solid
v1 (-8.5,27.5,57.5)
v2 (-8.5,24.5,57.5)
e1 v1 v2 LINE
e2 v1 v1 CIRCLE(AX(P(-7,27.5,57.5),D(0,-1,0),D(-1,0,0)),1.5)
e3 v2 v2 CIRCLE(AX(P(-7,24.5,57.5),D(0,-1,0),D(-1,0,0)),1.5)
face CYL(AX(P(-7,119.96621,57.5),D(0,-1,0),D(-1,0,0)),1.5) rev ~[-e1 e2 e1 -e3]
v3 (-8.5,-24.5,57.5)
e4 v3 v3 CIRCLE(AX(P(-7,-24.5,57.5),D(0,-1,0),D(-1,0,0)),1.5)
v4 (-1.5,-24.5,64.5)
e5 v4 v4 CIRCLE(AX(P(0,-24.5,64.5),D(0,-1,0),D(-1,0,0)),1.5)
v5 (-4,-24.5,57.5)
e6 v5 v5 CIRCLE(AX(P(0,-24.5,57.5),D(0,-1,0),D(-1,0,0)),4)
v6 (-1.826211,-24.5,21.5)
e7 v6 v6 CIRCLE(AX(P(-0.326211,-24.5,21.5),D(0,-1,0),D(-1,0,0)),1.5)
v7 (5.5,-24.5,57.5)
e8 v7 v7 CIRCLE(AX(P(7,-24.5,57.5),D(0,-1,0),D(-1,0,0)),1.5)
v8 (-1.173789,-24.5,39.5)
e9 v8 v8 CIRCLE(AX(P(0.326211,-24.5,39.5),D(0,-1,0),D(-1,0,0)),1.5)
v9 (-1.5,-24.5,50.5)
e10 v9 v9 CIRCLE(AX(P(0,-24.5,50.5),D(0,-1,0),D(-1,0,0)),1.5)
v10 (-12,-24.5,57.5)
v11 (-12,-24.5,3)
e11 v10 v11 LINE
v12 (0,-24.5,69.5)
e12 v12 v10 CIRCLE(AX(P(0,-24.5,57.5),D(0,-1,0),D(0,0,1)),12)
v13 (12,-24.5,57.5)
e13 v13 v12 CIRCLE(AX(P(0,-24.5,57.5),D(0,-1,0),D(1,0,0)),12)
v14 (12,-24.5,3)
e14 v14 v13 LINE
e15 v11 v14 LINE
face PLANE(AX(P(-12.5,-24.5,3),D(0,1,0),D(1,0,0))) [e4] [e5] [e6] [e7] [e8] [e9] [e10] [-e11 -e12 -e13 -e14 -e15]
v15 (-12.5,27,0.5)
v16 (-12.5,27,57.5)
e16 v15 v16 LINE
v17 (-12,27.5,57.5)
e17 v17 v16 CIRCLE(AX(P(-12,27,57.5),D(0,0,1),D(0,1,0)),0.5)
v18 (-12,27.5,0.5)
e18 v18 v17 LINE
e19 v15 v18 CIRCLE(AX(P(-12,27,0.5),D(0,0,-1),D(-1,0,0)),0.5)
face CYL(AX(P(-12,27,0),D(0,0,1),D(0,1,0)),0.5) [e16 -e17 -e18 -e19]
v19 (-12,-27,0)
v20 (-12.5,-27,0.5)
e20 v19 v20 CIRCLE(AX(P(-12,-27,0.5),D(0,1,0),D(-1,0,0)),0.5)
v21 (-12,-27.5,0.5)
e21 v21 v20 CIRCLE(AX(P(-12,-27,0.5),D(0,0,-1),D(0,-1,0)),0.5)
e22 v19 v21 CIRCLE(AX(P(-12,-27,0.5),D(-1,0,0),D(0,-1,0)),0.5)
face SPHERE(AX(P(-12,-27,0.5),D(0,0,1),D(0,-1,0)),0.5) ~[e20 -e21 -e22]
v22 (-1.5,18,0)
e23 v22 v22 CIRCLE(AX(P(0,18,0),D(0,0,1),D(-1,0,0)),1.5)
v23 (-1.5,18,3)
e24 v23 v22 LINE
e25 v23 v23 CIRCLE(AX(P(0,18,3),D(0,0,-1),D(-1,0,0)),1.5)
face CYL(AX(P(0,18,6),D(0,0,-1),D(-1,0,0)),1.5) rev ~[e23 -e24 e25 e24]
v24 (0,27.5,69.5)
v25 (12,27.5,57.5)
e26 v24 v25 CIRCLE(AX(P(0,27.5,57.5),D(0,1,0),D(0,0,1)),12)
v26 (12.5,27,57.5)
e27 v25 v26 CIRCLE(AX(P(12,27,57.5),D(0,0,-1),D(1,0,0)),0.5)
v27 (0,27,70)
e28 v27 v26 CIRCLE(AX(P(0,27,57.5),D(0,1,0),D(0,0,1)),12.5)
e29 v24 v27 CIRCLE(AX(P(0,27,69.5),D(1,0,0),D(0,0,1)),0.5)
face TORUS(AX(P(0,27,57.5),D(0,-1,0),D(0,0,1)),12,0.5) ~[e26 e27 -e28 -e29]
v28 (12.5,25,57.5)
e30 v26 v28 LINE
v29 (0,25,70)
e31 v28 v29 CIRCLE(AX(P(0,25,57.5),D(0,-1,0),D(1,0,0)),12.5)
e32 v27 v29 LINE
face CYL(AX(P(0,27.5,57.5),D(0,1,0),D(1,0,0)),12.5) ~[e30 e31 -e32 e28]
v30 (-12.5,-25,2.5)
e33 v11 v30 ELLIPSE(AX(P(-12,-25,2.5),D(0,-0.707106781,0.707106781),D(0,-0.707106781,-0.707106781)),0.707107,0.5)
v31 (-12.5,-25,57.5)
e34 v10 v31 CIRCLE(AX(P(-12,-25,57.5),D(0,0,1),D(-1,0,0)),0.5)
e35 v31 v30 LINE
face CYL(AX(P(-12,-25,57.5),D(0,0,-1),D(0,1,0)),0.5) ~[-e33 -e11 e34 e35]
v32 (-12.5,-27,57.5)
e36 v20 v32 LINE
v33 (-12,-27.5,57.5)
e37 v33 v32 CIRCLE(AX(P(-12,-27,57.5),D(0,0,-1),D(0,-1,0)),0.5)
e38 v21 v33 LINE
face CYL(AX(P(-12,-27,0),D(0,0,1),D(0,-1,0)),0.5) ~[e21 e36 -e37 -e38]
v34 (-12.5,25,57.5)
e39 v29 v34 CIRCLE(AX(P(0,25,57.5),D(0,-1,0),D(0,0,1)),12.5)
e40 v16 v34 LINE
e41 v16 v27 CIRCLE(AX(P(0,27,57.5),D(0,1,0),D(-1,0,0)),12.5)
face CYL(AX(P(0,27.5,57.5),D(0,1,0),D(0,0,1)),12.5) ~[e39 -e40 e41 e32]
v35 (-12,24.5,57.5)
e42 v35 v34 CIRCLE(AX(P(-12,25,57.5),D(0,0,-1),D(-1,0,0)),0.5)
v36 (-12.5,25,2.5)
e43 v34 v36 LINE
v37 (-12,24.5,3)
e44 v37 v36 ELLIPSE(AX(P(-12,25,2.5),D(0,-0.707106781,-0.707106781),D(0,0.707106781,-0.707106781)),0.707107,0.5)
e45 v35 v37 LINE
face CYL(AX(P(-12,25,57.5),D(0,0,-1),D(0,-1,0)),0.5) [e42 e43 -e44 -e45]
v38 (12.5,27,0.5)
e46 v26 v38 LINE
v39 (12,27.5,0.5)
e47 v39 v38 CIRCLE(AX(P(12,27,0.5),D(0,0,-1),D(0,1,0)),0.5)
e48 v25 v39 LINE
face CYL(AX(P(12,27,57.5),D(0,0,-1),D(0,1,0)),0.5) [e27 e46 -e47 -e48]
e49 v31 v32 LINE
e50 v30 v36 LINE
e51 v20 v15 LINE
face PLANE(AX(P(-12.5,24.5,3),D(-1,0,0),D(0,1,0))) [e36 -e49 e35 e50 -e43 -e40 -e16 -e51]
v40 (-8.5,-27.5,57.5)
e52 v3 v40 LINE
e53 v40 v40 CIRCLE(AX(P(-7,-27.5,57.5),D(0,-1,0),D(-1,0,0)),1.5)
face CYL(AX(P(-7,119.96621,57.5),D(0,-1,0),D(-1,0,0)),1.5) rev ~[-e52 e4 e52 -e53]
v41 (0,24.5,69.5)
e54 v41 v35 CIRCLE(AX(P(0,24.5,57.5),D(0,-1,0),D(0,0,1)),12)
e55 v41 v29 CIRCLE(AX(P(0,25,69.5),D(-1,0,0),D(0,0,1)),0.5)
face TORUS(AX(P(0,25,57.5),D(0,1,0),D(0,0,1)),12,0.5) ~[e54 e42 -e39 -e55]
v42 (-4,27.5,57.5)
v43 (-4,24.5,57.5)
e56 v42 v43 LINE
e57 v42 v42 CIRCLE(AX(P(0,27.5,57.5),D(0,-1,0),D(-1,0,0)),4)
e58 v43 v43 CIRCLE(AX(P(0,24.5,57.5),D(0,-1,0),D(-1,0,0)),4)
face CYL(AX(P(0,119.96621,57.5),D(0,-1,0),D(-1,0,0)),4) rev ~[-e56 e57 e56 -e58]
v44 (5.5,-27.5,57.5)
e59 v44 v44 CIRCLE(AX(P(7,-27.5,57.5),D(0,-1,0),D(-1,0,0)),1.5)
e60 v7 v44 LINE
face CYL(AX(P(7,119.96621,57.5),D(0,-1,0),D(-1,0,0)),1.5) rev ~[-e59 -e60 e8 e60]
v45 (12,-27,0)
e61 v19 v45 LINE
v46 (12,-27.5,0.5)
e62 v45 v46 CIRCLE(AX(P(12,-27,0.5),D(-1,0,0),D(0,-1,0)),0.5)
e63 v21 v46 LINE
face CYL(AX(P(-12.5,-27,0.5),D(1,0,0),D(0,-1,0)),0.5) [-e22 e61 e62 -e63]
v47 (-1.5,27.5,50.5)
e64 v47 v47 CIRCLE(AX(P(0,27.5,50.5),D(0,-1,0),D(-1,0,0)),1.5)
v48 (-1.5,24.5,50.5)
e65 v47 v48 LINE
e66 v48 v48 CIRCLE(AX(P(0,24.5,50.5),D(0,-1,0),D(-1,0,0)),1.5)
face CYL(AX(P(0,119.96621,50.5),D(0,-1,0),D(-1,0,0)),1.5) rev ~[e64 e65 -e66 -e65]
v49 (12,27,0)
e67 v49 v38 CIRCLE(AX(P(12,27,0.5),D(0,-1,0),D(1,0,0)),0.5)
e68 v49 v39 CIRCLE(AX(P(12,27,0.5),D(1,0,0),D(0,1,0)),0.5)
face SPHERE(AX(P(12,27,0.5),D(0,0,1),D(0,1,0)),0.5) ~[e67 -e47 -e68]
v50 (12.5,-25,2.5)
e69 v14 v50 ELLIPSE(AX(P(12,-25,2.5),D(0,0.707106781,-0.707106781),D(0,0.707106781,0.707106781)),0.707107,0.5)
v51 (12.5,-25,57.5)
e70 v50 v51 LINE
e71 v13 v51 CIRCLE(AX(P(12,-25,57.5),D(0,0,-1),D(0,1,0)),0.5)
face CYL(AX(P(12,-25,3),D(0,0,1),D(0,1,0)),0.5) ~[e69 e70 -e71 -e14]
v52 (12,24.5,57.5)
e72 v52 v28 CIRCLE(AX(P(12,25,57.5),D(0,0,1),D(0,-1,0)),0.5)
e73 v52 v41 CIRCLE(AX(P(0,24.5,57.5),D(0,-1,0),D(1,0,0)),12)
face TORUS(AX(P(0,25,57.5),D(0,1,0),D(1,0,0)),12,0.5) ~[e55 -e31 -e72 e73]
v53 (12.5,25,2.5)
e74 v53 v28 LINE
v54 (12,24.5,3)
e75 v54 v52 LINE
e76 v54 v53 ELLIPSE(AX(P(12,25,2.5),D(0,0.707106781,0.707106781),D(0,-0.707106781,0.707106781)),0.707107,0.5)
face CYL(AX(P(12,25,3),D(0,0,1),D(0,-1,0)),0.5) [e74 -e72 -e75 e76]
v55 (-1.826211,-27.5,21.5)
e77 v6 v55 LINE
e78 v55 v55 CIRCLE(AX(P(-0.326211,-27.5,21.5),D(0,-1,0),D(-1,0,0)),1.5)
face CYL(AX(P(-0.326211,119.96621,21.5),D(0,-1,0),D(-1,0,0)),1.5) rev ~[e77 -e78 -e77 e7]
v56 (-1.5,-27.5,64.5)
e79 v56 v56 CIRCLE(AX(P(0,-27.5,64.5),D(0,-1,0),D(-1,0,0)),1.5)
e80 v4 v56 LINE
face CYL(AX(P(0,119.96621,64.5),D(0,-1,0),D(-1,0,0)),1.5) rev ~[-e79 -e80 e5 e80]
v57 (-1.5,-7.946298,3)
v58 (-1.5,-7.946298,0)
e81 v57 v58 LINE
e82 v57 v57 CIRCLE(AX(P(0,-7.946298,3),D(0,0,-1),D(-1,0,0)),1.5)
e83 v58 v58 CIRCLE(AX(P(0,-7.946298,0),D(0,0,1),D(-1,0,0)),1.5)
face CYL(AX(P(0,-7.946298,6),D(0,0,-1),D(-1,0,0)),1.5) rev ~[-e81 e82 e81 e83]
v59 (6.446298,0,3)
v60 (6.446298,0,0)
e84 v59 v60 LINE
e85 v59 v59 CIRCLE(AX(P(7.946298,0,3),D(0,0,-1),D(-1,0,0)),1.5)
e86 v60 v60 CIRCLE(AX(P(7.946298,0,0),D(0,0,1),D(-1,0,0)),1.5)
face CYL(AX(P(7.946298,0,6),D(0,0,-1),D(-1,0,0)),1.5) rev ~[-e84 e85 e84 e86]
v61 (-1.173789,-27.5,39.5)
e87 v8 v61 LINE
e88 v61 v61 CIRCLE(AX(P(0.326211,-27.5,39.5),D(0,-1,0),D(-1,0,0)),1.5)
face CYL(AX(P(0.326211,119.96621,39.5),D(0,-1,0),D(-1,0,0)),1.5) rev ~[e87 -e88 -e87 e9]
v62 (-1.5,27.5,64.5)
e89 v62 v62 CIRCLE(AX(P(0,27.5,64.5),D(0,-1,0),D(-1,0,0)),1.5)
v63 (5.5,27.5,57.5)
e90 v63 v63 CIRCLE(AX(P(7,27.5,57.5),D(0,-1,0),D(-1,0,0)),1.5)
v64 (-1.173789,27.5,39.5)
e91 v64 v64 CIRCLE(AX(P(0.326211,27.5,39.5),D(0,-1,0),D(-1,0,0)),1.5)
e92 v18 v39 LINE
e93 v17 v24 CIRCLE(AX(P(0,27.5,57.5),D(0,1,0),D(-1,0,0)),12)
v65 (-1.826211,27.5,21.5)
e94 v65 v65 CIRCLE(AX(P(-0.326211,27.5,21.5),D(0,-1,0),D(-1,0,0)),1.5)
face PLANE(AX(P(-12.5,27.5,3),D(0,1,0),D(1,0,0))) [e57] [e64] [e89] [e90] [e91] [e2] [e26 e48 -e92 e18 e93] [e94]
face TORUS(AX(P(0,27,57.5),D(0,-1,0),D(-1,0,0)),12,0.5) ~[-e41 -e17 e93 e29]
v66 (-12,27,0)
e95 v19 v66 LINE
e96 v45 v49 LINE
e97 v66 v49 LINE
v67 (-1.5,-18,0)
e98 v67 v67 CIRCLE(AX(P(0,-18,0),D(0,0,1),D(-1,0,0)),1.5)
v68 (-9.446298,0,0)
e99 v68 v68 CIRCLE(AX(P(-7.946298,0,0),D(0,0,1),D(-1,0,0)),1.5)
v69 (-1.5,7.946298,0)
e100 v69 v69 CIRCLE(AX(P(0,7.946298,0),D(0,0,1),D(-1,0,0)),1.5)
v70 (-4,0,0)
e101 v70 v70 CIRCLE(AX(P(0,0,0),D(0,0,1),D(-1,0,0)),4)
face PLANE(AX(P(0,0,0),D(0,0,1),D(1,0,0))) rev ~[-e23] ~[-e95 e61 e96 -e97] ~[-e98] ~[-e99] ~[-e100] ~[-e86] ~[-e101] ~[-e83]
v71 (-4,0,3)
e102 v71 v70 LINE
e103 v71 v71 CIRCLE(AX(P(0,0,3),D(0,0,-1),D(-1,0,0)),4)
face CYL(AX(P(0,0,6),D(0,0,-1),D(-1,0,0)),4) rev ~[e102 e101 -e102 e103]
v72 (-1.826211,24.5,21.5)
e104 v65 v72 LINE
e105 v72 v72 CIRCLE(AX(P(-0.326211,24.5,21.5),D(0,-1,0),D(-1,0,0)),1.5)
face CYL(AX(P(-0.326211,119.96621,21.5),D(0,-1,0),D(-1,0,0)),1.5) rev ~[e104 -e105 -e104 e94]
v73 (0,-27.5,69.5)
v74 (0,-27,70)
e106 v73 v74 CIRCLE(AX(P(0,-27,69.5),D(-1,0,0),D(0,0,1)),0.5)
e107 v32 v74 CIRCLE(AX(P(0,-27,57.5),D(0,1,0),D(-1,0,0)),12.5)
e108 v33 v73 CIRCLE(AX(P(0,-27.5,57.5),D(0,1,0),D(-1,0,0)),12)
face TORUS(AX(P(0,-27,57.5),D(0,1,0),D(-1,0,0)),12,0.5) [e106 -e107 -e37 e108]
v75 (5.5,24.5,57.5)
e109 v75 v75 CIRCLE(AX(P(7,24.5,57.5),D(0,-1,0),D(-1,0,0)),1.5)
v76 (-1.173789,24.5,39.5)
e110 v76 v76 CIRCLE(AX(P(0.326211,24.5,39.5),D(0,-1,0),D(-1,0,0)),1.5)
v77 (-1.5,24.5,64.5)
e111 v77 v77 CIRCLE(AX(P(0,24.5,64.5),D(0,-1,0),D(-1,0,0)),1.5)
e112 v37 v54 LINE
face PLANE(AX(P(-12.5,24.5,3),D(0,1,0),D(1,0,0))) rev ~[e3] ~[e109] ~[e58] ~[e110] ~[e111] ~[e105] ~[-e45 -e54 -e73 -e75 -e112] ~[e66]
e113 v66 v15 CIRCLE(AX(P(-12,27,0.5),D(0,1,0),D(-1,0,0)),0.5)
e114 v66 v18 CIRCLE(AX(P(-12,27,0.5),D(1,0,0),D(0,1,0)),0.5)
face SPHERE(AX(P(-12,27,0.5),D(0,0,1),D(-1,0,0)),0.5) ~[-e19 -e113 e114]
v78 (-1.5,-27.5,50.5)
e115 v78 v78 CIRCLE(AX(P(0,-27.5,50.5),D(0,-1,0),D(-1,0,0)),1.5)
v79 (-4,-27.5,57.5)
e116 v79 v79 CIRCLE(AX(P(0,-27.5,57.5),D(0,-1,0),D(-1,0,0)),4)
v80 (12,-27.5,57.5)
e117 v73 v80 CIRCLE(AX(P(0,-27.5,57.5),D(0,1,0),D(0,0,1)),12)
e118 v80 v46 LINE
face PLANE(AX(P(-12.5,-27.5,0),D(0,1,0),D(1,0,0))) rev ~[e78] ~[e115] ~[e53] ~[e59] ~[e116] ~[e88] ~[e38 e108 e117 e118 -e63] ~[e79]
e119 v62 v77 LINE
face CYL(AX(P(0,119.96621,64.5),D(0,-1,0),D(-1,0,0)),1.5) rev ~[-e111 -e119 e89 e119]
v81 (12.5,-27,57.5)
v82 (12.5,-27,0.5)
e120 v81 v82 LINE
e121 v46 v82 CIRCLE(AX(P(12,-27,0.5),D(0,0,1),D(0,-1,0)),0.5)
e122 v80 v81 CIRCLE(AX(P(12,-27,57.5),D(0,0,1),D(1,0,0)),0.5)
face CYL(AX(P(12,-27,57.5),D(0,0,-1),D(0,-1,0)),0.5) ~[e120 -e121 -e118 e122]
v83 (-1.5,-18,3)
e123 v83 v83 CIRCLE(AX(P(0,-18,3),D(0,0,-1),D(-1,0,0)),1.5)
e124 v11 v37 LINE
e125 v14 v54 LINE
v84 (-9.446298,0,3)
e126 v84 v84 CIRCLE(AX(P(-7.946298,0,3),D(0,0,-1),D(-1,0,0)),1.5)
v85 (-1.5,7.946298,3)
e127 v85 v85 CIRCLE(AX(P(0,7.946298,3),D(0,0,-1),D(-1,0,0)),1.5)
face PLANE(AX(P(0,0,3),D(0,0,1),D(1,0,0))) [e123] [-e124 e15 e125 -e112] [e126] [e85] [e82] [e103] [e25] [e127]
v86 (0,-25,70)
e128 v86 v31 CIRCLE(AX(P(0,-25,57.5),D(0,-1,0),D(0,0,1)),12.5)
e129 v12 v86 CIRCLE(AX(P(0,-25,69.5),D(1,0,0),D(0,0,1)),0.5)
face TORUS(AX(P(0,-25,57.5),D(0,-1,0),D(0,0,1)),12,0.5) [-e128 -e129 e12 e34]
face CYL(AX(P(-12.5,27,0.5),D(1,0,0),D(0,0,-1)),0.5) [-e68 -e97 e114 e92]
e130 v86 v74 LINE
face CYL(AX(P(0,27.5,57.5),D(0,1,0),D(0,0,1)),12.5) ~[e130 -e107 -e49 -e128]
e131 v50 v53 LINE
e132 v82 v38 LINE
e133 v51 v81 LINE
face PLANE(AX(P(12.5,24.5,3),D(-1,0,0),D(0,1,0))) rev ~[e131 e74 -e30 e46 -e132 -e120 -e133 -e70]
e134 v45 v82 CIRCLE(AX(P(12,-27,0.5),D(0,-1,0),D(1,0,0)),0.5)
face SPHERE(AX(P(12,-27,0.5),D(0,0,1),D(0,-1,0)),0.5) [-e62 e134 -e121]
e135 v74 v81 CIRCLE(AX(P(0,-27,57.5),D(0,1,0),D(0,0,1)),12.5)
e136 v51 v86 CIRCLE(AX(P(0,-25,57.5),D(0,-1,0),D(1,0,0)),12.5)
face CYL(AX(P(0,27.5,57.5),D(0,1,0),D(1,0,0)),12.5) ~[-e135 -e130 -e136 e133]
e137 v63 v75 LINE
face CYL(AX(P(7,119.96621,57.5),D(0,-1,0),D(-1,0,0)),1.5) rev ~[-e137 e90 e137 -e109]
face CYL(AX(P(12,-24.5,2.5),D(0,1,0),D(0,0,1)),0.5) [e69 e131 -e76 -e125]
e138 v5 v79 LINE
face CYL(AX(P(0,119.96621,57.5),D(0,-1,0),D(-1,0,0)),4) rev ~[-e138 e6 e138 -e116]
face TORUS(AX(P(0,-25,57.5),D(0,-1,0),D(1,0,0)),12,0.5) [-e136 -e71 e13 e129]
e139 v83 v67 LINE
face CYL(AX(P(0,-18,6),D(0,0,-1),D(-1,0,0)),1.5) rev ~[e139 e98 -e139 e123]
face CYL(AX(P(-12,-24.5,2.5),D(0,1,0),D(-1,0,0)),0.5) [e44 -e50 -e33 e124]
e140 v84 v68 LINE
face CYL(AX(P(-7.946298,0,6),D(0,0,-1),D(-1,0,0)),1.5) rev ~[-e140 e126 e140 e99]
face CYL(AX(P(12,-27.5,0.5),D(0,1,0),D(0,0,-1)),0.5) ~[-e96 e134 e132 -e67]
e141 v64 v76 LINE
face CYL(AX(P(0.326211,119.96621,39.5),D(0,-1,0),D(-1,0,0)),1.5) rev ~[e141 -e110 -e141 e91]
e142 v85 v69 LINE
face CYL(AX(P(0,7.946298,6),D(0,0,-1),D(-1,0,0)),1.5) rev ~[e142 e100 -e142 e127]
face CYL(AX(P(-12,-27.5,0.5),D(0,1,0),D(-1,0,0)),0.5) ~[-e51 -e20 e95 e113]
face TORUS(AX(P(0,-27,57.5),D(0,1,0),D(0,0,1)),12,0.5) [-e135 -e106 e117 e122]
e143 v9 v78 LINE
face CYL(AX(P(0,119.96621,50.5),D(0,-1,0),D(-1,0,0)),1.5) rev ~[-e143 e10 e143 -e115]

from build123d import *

# Parameters (mm, degrees)
SKETCH1_W                 = 25
SKETCH1_H                 = 55
BOSS_EXTRUDE1_DEPTH       = 3
F_8_0MM_DOWEL_HOLE1_D     = 8
F_8_0MM_DOWEL_HOLE1_DEPTH = 3
F_8_0MM_DOWEL_HOLE1_TIP   = 2.403442476
F_3_0MM_DOWEL_HOLE1_D     = 3
F_3_0MM_DOWEL_HOLE1_DEPTH = 3
F_3_0MM_DOWEL_HOLE1_TIP   = 0.901290929
SKETCH6_W                 = 25
SKETCH6_H                 = 3
BOSS_EXTRUDE2_DEPTH       = 67
CUT_EXTRUDE2_DEPTH        = 90.895772982
F_8_0MM_DOWEL_HOLE2_D     = 8
F_3_0MM_DOWEL_HOLE2_D     = 3
FILLET2_R                 = 0.5


with BuildPart() as part:
    # Sketch1 → Boss-Extrude1 (new body)
    with BuildSketch(Plane.XY):
        Rectangle(SKETCH1_W, SKETCH1_H)
    extrude(amount=BOSS_EXTRUDE1_DEPTH)

    # Ø8.0mm Dowel Hole1
    with Locations(Plane.XY.offset(3)):
        with Locations((0, 0)):
            Hole(F_8_0MM_DOWEL_HOLE1_D / 2, depth=F_8_0MM_DOWEL_HOLE1_DEPTH)
            with Locations((0, 0, -(F_8_0MM_DOWEL_HOLE1_DEPTH + F_8_0MM_DOWEL_HOLE1_TIP / 2))):  # 118° drill point
                Cone(0, F_8_0MM_DOWEL_HOLE1_D / 2, F_8_0MM_DOWEL_HOLE1_TIP, mode=Mode.SUBTRACT)

    # Ø3.0mm Dowel Hole1
    with Locations(Plane.XY.offset(3)):
        with Locations((0, -7.946297912), (-7.946297912, 0), (0, 7.946297912), (7.946297912, 0), (0, 0), (0, 18), (0, -36), (0, -18)):
            Hole(F_3_0MM_DOWEL_HOLE1_D / 2, depth=F_3_0MM_DOWEL_HOLE1_DEPTH)
            with Locations((0, 0, -(F_3_0MM_DOWEL_HOLE1_DEPTH + F_3_0MM_DOWEL_HOLE1_TIP / 2))):  # 118° drill point
                Cone(0, F_3_0MM_DOWEL_HOLE1_D / 2, F_3_0MM_DOWEL_HOLE1_TIP, mode=Mode.SUBTRACT)

    # Sketch6 → Boss-Extrude2 (add)
    with BuildSketch(Plane.XY.offset(3)):
        with Locations((0, 26)):
            Rectangle(SKETCH6_W, SKETCH6_H)
        with Locations((0, -26)):
            Rectangle(SKETCH6_W, SKETCH6_H)
    extrude(amount=BOSS_EXTRUDE2_DEPTH)

    # Sketch8 → Cut-Extrude2 (cut, through all)
    with BuildSketch(Plane(origin=(0, 27.5, 0), x_dir=(1, 0, 0), z_dir=(0, 1, 0))):
        with BuildLine():
            Line((-12.5, -57.5), (-12.5, -70))
            Line((-12.5, -70), (0, -70))
            ThreePointArc((0, -70), (-8.838834765, -66.338834765), (-12.5, -57.5))
        make_face()
        with BuildLine():
            ThreePointArc((12.5, -57.5), (8.838834765, -66.338834765), (0, -70))
            Line((0, -70), (12.5, -70))
            Line((12.5, -70), (12.5, -57.5))
        make_face()
    extrude(amount=-CUT_EXTRUDE2_DEPTH, mode=Mode.SUBTRACT)

    # Ø8.0mm Dowel Hole2 (through all)
    with Locations(Plane(origin=(0, 27.5, 0), x_dir=(1, 0, 0), z_dir=(0, 1, 0))):
        with Locations((0, -57.5)):
            Hole(F_8_0MM_DOWEL_HOLE2_D / 2)

    # Ø3.0mm Dowel Hole2 (through all)
    with Locations(Plane(origin=(0, 27.5, 0), x_dir=(1, 0, 0), z_dir=(0, 1, 0))):
        with Locations((0, -57.5), (0.326210902, -39.5), (-0.326210902, -21.5), (0, -50.5), (7, -57.5), (0, -64.5), (-7, -57.5)):
            Hole(F_3_0MM_DOWEL_HOLE2_D / 2)

    # Fillet2
    fillet2_edges = [part.edges().sort_by_distance(p)[0] for p in [
        (12.5, 27.5, 28.75),
        (12.5, 24.5, 30.25),
        (12.5, -24.5, 30.25),
        (12.5, -27.5, 28.75),
        (0, -27.5, 0),
        (-12.5, 0, 0),
        (0, 27.5, 0),
        (-12.5, 0, 3),
        (12.5, 0, 0),
        (12.5, 0, 3),
        (-12.5, -24.5, 30.25),
        (-12.5, 24.5, 30.25),
        (-12.5, -27.5, 28.75),
        (-12.5, 27.5, 28.75),
        (0, 27.5, 70),
        (0, 24.5, 70),
        (0, -24.5, 70),
        (0, -27.5, 70),
    ]]
    fillet(fillet2_edges, radius=FILLET2_R)


solid = part.part
